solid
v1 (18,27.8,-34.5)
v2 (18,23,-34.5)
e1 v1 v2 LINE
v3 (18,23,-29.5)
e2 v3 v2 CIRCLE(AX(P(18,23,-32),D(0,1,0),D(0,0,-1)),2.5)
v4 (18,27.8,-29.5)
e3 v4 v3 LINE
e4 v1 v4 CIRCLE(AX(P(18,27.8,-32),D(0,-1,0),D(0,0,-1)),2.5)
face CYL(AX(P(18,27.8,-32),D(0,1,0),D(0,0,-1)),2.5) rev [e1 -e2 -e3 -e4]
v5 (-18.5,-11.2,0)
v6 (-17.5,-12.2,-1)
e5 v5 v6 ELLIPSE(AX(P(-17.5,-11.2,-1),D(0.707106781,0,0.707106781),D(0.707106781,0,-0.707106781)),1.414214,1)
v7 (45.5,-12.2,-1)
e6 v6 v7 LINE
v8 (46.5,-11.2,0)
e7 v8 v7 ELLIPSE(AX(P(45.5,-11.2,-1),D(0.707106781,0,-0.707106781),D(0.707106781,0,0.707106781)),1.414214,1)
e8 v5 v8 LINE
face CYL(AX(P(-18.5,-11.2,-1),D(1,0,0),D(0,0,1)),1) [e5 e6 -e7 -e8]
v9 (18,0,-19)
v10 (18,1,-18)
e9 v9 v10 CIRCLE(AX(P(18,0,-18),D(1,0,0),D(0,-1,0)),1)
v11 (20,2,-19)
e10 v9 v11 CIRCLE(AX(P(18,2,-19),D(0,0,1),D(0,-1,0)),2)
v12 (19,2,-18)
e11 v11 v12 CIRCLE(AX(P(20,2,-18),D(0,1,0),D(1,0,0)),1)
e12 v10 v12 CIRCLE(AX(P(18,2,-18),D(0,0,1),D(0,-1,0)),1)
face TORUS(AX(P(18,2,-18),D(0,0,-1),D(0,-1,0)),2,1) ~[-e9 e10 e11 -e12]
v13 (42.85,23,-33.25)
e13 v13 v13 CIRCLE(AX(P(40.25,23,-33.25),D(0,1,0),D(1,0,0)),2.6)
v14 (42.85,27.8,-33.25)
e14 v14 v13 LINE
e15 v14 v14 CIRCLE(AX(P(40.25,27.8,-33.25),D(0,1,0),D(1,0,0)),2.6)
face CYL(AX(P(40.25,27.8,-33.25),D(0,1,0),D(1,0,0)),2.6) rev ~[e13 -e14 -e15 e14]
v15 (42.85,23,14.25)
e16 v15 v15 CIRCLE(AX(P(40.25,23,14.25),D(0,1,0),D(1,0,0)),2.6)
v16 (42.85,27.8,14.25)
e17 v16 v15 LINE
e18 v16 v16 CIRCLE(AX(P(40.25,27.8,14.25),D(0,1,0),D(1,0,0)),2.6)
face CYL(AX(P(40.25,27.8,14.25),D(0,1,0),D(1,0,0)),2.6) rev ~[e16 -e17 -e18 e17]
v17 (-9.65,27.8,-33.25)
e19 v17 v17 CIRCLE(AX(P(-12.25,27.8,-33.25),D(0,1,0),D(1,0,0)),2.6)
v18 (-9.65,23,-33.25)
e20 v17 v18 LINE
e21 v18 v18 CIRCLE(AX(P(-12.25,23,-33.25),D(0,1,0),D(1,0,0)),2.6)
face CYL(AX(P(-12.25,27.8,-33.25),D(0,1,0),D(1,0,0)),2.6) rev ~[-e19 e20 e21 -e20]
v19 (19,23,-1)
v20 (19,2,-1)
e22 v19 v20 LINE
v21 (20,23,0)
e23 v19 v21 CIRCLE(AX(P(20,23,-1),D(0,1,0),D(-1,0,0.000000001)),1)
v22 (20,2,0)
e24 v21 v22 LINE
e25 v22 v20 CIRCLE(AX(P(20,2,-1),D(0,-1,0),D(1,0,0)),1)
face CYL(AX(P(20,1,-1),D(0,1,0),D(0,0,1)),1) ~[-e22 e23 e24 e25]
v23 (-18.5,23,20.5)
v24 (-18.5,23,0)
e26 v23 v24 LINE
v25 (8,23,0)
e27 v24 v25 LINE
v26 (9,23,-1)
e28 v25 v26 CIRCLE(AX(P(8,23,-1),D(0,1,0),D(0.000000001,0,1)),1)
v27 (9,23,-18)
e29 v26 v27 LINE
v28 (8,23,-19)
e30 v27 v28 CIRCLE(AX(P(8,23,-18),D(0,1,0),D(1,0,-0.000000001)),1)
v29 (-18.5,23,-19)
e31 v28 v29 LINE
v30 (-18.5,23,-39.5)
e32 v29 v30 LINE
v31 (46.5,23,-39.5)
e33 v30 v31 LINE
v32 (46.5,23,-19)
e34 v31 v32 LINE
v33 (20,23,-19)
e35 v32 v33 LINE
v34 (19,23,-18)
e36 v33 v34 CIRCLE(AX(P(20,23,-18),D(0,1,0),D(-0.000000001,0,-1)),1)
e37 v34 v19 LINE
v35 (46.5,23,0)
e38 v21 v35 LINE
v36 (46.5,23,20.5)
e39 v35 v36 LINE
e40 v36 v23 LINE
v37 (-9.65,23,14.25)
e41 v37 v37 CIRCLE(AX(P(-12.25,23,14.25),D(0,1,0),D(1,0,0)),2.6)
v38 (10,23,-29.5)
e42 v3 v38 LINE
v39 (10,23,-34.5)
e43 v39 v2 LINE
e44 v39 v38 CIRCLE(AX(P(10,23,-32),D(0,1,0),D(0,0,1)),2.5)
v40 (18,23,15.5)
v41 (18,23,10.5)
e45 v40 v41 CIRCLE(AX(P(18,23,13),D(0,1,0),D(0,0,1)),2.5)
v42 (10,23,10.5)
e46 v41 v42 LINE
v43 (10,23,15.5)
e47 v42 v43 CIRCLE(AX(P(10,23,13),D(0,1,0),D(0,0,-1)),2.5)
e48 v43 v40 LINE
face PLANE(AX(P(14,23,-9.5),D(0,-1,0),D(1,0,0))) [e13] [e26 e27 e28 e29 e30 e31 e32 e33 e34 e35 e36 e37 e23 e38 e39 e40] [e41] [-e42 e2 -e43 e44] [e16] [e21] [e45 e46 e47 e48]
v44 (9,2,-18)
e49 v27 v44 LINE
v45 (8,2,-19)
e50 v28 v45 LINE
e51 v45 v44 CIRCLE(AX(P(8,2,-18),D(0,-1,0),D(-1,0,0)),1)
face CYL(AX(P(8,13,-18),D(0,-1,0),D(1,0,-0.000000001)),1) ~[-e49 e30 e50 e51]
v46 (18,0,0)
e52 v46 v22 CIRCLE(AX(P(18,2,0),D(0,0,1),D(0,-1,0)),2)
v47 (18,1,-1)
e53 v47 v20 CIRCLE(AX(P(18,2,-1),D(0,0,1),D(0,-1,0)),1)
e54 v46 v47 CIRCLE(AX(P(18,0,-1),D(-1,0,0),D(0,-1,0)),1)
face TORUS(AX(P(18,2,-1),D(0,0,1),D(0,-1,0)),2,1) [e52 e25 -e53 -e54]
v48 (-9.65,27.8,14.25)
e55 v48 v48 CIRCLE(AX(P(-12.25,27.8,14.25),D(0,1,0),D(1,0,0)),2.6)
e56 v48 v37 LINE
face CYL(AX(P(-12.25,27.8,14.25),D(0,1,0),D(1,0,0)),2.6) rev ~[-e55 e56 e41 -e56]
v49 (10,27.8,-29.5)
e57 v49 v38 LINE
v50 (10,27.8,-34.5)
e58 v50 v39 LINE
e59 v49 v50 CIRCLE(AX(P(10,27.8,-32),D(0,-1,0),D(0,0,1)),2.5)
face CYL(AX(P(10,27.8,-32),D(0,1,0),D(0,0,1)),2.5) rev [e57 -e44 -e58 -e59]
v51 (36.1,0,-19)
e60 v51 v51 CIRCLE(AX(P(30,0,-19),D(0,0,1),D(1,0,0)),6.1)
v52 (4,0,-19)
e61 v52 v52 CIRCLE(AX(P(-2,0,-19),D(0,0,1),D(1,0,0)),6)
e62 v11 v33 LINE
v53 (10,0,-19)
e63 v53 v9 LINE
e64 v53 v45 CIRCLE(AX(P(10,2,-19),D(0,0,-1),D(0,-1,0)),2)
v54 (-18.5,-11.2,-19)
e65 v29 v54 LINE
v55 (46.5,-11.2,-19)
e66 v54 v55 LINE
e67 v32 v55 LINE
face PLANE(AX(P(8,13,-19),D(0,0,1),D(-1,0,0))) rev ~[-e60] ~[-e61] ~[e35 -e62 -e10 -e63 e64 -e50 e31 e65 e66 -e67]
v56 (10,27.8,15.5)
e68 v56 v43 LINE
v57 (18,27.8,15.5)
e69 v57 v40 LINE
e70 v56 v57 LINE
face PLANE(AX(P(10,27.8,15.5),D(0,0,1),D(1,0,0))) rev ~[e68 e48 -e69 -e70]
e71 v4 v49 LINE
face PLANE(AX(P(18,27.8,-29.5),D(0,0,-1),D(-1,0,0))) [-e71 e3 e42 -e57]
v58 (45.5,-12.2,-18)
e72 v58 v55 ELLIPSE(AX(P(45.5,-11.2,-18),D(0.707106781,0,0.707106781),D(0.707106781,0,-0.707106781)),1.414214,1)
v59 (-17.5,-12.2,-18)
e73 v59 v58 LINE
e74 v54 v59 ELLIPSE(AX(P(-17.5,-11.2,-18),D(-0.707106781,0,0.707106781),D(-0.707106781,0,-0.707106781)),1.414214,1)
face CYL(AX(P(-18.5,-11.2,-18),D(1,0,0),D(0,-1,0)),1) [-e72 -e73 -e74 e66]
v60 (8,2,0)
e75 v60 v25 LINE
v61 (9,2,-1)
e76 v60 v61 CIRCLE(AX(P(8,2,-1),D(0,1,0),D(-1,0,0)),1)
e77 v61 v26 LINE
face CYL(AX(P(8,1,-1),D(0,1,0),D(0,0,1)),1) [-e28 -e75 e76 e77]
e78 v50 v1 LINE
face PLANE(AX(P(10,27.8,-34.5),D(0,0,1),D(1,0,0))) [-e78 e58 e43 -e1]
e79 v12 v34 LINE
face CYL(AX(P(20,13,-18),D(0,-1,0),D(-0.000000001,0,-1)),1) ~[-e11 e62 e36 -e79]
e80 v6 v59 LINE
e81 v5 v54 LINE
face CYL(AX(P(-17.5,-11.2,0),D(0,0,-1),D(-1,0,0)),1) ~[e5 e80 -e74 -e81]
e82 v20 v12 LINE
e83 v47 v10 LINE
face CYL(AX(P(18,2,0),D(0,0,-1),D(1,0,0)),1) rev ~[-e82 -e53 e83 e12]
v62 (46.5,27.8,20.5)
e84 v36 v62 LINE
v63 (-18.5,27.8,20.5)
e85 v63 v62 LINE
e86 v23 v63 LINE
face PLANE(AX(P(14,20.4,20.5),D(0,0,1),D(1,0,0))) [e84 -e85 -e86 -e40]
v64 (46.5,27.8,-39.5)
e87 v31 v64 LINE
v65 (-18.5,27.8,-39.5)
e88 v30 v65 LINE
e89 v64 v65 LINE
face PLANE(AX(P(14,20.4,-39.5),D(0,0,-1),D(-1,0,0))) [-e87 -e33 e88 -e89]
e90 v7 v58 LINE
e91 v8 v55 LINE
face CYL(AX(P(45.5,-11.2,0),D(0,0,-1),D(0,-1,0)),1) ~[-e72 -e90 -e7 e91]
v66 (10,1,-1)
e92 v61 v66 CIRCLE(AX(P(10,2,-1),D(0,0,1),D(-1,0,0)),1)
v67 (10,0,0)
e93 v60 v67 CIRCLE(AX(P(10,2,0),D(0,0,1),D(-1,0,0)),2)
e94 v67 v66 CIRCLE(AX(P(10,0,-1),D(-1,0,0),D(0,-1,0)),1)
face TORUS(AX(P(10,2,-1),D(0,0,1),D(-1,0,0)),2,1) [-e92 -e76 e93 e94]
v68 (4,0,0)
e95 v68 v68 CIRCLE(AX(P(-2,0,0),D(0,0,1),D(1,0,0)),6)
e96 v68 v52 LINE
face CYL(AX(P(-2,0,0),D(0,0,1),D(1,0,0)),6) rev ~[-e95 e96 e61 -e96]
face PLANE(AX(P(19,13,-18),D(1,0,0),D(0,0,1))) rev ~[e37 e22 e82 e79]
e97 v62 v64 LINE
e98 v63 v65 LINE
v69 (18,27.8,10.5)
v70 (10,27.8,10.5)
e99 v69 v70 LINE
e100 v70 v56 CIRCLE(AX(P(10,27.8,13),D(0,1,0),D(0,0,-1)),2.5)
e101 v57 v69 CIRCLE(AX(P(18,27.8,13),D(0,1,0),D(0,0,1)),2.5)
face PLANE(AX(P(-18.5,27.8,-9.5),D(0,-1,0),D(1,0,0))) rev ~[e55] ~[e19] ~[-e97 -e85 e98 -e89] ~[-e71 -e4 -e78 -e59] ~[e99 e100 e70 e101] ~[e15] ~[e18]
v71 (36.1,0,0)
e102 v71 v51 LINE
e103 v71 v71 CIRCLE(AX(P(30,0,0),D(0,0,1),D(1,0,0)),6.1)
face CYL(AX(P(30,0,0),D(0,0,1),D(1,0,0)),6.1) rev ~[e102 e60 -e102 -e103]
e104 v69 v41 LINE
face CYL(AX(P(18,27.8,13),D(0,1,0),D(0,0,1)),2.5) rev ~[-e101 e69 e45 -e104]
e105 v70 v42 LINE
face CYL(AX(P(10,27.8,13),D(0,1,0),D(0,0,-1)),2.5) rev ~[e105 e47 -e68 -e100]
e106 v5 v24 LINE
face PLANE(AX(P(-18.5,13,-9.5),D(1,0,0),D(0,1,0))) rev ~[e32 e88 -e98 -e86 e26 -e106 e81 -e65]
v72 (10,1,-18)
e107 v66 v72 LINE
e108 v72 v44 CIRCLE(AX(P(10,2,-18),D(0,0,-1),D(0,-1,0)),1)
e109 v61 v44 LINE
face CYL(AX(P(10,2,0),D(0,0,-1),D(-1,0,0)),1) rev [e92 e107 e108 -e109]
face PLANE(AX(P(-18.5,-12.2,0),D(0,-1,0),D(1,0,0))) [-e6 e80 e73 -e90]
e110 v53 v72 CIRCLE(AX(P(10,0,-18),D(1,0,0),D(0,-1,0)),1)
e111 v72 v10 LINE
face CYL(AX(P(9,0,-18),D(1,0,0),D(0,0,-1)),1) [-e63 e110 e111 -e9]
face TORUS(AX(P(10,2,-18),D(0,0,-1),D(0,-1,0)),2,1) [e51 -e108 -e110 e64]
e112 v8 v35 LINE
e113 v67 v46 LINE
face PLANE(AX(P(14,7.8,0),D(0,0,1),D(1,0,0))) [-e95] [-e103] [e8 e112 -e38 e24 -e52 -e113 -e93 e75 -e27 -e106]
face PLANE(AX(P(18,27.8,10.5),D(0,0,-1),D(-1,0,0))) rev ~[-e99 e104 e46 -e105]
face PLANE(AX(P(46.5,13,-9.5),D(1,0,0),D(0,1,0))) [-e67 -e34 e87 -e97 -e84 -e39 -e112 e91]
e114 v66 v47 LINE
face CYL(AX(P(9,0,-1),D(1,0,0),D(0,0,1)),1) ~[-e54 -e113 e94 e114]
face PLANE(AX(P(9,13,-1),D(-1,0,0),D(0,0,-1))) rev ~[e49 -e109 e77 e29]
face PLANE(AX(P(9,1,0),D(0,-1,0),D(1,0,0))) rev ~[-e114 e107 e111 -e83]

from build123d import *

# Parameters (mm, degrees)
SKETCH1_W           = 65
SKETCH1_H           = 40
SKETCH1_R           = 6
SKETCH1_R_2         = 6.1
BOSS_EXTRUDE1_DEPTH = 19
SKETCH4_W           = 65
SKETCH4_H           = 14.8
BOSS_EXTRUDE2_DEPTH = 35
SKETCH6_W           = 10
SKETCH6_H           = 12
CUT_EXTRUDE1_DEPTH  = 45.5
CUT_EXTRUDE3_DEPTH  = 41
FILLET1_R           = 1
SKETCH9_W           = 65
SKETCH9_H           = 14.8
CUT_EXTRUDE4_DEPTH  = 5
SKETCH10_W          = 65
SKETCH10_H          = 14.8
CUT_EXTRUDE5_DEPTH  = 5
SKETCH11_R          = 2.6
CUT_EXTRUDE6_DEPTH  = 41
CUT_EXTRUDE7_DEPTH  = 10


with BuildPart() as part:
    # Sketch1 → Boss-Extrude1 (new body)
    with BuildSketch(Plane.XY):
        with Locations((14, 7.8)):
            Rectangle(SKETCH1_W, SKETCH1_H)
        with Locations((-2, 0)):
            Circle(SKETCH1_R, mode=Mode.SUBTRACT)
        with Locations((30, 0)):
            Circle(SKETCH1_R_2, mode=Mode.SUBTRACT)
    extrude(amount=-BOSS_EXTRUDE1_DEPTH)

    # Sketch4 → Boss-Extrude2 (add, symmetric)
    with BuildSketch(Plane.XY.offset(-9.5)):
        with Locations((14, 20.4)):
            Rectangle(SKETCH4_W, SKETCH4_H)
    extrude(amount=BOSS_EXTRUDE2_DEPTH, both=True)

    # Sketch6 → Cut-Extrude1 (cut, through all)
    with BuildSketch(Plane.XY):
        with Locations((14, 7)):
            Rectangle(SKETCH6_W, SKETCH6_H)
    extrude(amount=-CUT_EXTRUDE1_DEPTH, mode=Mode.SUBTRACT)

    # Sketch8 → Cut-Extrude3 (cut, through all)
    with BuildSketch(Plane(origin=(0, 27.8, 0), x_dir=(1, 0, 0), z_dir=(0, 1, 0))):
        with BuildLine():
            Line((18, 29.5), (10, 29.5))
            ThreePointArc((10, 29.5), (7.5, 32), (10, 34.5))
            Line((10, 34.5), (18, 34.5))
            ThreePointArc((18, 34.5), (20.5, 32), (18, 29.5))
        make_face()
        with BuildLine():
            Line((18, -10.5), (10, -10.5))
            ThreePointArc((10, -10.5), (7.5, -13), (10, -15.5))
            Line((10, -15.5), (18, -15.5))
            ThreePointArc((18, -15.5), (20.5, -13), (18, -10.5))
        make_face()
    extrude(amount=-CUT_EXTRUDE3_DEPTH, mode=Mode.SUBTRACT)

    # Fillet1
    fillet1_edges = [part.edges().sort_by_distance(p)[0] for p in [
        (14, 1, -19),
        (9, 7, -19),
        (19, 7, -19),
        (9, 1, -9.5),
        (19, 1, -9.5),
        (9, 7, 0),
        (14, 1, 0),
        (19, 7, 0),
        (14, -12.2, 0),
        (46.5, -12.2, -9.5),
        (-18.5, -12.2, -9.5),
        (14, -12.2, -19),
    ]]
    fillet(fillet1_edges, radius=FILLET1_R)

    # Sketch9 → Cut-Extrude4 (cut)
    with BuildSketch(Plane.XY.offset(25.5)):
        with Locations((14, 20.4)):
            Rectangle(SKETCH9_W, SKETCH9_H)
    extrude(amount=-CUT_EXTRUDE4_DEPTH, mode=Mode.SUBTRACT)

    # Sketch10 → Cut-Extrude5 (cut)
    with BuildSketch(Plane(origin=(0, 0, -44.5), x_dir=(-1, 0, 0), z_dir=(0, 0, -1))):
        with Locations((-14, 20.4)):
            Rectangle(SKETCH10_W, SKETCH10_H)
    extrude(amount=-CUT_EXTRUDE5_DEPTH, mode=Mode.SUBTRACT)

    # Sketch11 → Cut-Extrude6 (cut, through all)
    with BuildSketch(Plane(origin=(0, 27.8, 0), x_dir=(1, 0, 0), z_dir=(0, 1, 0))):
        with Locations((40.25, -14.25)):
            Circle(SKETCH11_R)
        with Locations((40.25, 33.25)):
            Circle(SKETCH11_R)
        with Locations((-12.25, 33.25)):
            Circle(SKETCH11_R)
        with Locations((-12.25, -14.25)):
            Circle(SKETCH11_R)
    extrude(amount=-CUT_EXTRUDE6_DEPTH, mode=Mode.SUBTRACT)

    # Sketch12 → Cut-Extrude7 (cut)
    with BuildSketch(Plane.XZ.offset(-13)):
        with BuildLine():
            Line((-18.5, -39.5), (46.5, -39.5))
            Line((46.5, -39.5), (46.5, -19))
            Line((46.5, -19), (20, -19))
            ThreePointArc((20, -19), (19.292893219, -18.707106781), (19, -18))
            Line((19, -18), (19, -1))
            ThreePointArc((19, -1), (19.292893219, -0.292893219), (20, 0))
            Line((20, 0), (46.5, 0))
            Line((46.5, 0), (46.5, 20.5))
            Line((46.5, 20.5), (-18.5, 20.5))
            Line((-18.5, 20.5), (-18.5, 0))
            Line((-18.5, 0), (8, 0))
            ThreePointArc((8, 0), (8.707106781, -0.292893219), (9, -1))
            Line((9, -1), (9, -18))
            ThreePointArc((9, -18), (8.707106781, -18.707106781), (8, -19))
            Line((8, -19), (-18.5, -19))
            Line((-18.5, -19), (-18.5, -39.5))
        make_face()
    extrude(amount=-CUT_EXTRUDE7_DEPTH, mode=Mode.SUBTRACT)


solid = part.part
